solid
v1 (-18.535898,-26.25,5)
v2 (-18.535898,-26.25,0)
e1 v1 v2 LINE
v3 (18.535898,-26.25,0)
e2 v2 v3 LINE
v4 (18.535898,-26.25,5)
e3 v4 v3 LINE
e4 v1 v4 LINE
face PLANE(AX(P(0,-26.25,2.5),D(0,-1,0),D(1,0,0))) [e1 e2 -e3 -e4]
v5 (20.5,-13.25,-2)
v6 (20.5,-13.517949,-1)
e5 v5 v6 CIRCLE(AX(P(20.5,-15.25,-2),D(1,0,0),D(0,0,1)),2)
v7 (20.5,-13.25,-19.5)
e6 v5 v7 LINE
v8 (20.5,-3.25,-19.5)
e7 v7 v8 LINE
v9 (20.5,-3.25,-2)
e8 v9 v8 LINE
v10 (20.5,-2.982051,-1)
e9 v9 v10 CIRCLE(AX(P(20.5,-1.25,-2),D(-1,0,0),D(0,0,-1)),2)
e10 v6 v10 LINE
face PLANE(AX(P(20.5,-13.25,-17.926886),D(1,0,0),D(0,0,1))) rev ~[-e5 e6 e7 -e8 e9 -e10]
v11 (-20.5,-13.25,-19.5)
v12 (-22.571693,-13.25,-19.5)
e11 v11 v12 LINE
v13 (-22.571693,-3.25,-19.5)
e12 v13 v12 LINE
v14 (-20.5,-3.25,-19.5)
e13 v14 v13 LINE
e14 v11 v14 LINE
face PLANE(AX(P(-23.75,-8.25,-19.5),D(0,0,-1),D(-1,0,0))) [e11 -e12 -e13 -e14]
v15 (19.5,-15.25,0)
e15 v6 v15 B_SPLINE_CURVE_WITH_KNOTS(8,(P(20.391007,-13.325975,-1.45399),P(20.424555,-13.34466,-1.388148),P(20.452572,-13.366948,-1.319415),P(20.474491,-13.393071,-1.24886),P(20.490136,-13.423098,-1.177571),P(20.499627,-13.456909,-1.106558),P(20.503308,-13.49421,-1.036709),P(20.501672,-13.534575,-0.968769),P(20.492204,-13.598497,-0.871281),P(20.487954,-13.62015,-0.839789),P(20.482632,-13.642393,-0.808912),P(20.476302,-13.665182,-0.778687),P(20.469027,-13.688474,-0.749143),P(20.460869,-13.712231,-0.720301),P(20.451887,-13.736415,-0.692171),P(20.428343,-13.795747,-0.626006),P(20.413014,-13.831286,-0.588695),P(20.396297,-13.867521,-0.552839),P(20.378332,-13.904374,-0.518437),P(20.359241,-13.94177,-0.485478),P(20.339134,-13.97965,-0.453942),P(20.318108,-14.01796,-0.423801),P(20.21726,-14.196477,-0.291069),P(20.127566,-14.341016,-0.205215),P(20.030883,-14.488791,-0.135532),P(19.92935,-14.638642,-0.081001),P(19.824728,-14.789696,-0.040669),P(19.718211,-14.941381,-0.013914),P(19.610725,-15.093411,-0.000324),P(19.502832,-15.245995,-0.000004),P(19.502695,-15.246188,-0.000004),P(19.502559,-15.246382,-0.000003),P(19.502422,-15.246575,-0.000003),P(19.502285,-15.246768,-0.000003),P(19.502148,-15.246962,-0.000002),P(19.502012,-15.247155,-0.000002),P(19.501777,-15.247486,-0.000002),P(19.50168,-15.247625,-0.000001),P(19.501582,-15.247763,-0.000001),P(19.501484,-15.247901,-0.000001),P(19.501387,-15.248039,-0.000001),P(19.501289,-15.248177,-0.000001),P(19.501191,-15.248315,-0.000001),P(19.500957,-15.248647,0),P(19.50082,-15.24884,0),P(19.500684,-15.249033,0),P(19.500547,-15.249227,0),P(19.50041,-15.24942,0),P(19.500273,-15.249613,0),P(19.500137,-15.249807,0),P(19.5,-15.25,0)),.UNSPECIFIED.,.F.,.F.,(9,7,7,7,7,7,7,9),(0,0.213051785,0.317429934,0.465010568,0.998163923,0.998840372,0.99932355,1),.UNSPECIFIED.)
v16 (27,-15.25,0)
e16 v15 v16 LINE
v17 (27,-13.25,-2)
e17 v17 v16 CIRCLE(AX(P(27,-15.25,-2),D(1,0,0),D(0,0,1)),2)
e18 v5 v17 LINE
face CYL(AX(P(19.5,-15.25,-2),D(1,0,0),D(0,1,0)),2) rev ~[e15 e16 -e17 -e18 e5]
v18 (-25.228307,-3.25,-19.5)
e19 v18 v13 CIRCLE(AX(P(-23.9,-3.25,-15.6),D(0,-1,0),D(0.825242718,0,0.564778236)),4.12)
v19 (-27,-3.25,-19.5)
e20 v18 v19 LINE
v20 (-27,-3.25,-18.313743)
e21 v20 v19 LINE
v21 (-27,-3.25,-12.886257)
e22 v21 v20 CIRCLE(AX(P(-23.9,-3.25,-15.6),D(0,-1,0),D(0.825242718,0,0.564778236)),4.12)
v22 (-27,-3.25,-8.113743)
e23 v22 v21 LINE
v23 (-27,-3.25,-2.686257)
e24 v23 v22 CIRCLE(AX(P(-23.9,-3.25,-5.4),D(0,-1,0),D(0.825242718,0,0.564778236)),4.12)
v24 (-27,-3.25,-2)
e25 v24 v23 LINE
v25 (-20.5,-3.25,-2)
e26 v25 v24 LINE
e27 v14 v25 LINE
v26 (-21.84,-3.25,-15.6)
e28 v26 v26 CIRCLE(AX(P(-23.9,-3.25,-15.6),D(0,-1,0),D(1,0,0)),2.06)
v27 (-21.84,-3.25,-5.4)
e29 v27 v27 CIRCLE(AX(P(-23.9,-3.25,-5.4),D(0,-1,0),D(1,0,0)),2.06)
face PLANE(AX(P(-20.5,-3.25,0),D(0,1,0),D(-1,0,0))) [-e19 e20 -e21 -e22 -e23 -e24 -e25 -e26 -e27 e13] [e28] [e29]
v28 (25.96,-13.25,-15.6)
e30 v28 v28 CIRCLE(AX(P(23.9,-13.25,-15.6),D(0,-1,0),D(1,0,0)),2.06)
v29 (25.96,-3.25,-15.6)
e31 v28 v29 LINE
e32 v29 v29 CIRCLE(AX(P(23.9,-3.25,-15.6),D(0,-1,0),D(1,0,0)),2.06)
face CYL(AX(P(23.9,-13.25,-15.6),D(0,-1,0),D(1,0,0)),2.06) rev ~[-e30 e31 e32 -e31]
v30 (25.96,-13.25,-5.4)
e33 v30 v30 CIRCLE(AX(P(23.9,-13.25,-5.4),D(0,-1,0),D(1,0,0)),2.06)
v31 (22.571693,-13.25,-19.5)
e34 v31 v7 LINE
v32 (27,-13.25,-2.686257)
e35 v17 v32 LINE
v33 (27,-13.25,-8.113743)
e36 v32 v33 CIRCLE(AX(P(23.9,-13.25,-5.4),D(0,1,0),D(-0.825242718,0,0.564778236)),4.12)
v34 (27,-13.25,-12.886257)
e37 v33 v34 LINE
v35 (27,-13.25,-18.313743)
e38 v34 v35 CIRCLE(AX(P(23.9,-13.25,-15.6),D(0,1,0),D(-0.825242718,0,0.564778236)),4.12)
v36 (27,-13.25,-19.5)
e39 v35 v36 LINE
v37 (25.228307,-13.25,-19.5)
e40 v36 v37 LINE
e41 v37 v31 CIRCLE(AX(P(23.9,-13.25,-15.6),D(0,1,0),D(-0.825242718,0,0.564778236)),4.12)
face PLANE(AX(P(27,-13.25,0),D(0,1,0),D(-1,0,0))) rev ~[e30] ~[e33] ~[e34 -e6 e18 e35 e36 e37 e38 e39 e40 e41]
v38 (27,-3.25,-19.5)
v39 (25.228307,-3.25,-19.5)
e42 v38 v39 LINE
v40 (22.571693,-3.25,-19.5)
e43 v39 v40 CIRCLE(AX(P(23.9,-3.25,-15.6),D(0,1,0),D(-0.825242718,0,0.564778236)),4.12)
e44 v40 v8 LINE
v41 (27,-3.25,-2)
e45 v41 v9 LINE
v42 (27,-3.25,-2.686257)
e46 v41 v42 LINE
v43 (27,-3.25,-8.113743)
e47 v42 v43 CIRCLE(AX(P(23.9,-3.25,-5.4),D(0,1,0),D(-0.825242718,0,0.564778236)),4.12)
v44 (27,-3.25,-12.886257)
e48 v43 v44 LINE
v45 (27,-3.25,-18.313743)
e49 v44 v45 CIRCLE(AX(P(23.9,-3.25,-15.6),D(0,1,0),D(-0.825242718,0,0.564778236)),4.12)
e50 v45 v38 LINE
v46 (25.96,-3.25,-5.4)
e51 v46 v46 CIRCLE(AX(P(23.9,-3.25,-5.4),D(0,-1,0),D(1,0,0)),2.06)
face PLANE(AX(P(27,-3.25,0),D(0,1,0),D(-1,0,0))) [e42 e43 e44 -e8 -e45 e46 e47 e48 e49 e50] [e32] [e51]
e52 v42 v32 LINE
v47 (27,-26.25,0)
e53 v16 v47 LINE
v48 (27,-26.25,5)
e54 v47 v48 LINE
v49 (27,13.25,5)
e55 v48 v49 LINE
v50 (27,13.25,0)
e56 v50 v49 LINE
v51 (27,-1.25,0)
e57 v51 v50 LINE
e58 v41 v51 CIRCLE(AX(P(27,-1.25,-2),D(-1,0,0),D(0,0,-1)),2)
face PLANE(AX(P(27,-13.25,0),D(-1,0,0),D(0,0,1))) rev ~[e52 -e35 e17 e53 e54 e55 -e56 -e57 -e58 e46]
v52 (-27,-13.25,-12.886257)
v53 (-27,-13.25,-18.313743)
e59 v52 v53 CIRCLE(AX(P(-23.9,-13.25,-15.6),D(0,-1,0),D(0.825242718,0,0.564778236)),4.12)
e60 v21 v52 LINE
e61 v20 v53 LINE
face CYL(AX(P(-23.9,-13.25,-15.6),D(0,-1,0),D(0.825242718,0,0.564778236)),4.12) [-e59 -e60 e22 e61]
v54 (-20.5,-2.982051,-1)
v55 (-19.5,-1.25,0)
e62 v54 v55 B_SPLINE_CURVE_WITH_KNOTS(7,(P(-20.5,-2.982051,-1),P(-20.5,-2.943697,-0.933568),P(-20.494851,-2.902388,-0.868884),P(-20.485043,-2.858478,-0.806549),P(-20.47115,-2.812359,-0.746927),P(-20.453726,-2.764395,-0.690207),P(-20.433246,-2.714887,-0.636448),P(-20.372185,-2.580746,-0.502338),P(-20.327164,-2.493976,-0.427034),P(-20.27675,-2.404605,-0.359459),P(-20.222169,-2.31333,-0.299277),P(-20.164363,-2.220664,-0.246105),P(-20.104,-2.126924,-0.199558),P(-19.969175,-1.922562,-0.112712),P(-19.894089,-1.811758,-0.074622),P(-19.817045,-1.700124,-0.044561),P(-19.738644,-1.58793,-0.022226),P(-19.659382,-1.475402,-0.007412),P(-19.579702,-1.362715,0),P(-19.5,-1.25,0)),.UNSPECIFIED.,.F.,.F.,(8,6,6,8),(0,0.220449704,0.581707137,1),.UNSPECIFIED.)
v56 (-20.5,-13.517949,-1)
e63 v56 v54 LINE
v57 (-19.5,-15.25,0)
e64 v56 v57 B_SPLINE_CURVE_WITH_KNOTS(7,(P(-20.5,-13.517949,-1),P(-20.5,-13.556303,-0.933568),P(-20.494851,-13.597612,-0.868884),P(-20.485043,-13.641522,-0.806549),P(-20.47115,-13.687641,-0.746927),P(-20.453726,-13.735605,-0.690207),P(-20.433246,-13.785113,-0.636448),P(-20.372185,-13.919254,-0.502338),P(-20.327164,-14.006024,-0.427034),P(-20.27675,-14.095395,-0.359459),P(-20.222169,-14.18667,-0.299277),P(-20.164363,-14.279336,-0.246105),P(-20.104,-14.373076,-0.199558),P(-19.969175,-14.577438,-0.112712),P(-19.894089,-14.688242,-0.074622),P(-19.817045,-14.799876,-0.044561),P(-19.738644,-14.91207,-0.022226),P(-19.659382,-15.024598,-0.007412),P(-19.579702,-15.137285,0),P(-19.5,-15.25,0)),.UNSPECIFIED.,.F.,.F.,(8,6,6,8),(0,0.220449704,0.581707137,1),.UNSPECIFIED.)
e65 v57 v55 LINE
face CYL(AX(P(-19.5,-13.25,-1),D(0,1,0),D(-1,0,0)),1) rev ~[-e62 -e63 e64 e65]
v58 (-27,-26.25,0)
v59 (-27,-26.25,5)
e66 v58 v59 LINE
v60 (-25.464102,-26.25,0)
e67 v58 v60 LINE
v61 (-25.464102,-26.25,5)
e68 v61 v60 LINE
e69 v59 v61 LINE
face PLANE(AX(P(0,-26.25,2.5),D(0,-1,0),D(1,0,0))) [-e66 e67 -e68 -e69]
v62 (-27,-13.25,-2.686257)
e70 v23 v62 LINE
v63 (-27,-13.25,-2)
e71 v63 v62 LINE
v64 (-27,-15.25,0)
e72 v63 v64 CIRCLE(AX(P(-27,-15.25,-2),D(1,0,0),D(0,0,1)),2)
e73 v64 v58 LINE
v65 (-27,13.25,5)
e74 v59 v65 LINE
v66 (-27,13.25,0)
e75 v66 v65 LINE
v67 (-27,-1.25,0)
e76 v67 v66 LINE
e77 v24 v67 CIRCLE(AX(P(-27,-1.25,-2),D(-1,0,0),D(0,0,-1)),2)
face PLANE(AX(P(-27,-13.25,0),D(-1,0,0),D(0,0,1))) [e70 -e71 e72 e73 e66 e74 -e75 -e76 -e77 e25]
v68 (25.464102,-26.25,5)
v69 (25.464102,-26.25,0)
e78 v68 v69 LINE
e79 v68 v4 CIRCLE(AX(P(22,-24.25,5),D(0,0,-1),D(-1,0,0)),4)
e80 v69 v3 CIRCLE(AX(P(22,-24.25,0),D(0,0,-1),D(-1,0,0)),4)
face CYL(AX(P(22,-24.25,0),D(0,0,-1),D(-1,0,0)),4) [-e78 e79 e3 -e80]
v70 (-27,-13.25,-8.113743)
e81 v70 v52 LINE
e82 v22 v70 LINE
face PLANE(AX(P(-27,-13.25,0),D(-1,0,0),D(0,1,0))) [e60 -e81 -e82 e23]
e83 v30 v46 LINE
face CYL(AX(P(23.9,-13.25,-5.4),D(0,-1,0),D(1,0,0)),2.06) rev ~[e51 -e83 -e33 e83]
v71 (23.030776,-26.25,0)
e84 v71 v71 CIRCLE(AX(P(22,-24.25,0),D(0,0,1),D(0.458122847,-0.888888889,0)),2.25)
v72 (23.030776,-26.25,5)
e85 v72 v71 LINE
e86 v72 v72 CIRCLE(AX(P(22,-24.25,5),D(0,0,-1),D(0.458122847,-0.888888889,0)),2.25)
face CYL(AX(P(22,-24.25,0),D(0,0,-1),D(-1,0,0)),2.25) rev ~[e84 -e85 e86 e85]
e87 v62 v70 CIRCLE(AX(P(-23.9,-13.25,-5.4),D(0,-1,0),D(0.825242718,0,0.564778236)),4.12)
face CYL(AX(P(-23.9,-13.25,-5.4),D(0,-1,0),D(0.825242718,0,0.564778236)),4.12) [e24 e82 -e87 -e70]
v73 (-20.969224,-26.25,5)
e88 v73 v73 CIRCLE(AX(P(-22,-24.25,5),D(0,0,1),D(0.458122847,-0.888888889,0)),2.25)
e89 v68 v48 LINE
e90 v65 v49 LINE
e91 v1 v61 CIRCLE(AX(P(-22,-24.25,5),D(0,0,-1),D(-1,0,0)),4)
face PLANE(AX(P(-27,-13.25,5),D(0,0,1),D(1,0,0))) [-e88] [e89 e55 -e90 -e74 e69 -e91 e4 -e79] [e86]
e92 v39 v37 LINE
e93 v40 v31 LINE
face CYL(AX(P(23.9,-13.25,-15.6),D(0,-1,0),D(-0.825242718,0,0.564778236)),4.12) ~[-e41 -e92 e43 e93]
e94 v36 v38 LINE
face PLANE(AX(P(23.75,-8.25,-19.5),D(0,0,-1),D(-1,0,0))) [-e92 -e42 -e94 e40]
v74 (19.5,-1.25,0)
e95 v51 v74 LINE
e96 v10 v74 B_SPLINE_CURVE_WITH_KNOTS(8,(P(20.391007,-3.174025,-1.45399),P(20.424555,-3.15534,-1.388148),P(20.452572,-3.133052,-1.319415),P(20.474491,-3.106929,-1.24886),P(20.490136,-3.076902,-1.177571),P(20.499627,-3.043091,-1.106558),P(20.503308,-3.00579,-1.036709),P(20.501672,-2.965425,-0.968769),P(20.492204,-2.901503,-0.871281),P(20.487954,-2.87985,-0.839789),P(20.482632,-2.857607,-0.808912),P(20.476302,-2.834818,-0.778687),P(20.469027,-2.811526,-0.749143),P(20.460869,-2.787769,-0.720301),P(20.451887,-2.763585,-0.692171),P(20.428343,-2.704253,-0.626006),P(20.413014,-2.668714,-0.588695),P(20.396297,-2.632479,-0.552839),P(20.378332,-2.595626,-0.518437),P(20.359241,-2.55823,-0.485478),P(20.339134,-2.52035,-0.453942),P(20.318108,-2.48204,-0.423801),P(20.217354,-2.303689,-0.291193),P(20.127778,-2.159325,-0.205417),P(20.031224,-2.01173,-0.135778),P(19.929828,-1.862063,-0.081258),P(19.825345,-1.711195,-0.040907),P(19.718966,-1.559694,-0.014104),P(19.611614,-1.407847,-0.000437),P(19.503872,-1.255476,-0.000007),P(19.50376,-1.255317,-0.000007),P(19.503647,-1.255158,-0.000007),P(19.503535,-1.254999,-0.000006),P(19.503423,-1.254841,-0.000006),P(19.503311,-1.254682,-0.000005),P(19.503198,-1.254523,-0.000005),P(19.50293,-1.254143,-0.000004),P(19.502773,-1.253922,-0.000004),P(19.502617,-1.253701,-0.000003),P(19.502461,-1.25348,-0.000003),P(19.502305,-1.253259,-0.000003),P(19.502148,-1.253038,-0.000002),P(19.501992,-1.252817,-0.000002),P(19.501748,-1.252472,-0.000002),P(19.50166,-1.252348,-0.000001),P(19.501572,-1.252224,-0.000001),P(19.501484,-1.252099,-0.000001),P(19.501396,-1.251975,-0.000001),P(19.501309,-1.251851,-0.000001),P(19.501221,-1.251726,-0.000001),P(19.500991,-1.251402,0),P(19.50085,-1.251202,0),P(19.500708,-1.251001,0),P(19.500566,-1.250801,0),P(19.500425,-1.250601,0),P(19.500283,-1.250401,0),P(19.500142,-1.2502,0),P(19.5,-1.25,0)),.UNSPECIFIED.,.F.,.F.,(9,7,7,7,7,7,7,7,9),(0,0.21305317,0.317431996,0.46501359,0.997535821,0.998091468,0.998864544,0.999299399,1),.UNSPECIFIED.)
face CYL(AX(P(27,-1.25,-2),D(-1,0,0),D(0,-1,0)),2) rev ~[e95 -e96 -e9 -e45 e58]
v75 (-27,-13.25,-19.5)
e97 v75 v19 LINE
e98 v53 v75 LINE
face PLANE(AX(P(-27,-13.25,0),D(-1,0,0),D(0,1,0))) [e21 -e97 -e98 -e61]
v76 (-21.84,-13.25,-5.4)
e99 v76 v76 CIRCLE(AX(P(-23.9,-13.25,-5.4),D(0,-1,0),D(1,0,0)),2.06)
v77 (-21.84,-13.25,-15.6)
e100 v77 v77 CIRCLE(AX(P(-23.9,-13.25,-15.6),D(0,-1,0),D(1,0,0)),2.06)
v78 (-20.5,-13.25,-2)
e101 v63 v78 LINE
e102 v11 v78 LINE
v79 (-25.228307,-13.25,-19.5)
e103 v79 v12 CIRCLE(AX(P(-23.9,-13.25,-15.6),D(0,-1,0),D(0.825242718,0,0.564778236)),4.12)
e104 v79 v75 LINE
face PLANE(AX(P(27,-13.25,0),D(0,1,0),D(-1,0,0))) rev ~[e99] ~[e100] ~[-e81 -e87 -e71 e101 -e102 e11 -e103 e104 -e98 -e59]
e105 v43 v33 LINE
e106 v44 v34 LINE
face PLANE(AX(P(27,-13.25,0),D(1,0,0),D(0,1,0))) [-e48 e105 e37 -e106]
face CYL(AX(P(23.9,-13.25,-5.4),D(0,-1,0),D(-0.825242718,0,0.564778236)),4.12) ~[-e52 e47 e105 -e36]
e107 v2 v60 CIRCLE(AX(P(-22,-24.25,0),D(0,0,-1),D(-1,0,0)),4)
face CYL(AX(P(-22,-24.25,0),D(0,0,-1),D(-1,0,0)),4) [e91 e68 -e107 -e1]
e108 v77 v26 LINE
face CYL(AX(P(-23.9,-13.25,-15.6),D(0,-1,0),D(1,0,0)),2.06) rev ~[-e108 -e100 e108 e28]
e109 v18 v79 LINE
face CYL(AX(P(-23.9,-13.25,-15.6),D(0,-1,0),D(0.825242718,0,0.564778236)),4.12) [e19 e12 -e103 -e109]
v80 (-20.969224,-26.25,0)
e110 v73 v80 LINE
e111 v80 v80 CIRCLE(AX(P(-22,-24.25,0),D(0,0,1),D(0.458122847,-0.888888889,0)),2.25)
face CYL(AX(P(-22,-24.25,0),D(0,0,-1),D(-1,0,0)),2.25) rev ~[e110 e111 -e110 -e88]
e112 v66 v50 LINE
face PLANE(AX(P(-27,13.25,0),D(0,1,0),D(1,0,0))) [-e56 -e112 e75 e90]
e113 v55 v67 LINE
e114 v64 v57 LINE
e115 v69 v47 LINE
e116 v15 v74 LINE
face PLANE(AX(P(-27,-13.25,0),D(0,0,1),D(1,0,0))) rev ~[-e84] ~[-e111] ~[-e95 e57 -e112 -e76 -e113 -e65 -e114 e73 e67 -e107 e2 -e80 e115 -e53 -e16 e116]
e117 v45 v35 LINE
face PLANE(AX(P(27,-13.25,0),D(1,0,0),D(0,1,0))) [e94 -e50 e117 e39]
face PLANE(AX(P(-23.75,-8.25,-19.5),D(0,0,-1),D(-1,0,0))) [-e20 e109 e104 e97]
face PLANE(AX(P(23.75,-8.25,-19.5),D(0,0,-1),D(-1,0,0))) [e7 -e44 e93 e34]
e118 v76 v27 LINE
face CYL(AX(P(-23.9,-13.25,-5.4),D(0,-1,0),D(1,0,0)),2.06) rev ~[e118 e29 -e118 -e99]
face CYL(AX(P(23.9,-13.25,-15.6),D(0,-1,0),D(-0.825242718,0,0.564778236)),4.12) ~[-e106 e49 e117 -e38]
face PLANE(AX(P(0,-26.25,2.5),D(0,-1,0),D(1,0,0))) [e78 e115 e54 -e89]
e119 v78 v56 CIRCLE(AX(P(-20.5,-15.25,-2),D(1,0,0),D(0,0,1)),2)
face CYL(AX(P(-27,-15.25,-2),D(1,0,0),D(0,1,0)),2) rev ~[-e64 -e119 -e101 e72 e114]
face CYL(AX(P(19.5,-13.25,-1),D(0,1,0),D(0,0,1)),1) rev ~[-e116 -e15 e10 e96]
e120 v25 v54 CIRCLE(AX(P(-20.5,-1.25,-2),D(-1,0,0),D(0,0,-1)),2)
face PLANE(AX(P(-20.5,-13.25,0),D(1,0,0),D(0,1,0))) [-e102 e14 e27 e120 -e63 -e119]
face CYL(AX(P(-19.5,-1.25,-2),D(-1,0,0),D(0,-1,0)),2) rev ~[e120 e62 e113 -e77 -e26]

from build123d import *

# Parameters (mm, degrees)
SKETCH1_W           = 54
SKETCH1_H           = 26.5
BOSS_EXTRUDE1_DEPTH = 5
SKETCH2_W           = 6.5
SKETCH2_H           = 10
BOSS_EXTRUDE2_DEPTH = 19.5
SKETCH3_R           = 2.06
CUT_EXTRUDE1_DEPTH  = 19
SKETCH4_R           = 2.06
BOSS_EXTRUDE3_DEPTH = 10
FILLET1_R           = 1
FILLET2_R           = 2
SKETCH5_W           = 54
SKETCH5_H           = 5
BOSS_EXTRUDE4_DEPTH = 13
SKETCH6_R           = 2.25
CUT_EXTRUDE2_DEPTH  = 15
FILLET3_R           = 2
SKETCH7_R           = 4
SKETCH7_R_2         = 2.25
BOSS_EXTRUDE5_DEPTH = 5


with BuildPart() as part:
    # Sketch1 → Boss-Extrude1 (new body)
    with BuildSketch(Plane.XY):
        Rectangle(SKETCH1_W, SKETCH1_H)
    extrude(amount=BOSS_EXTRUDE1_DEPTH)

    # Sketch2 → Boss-Extrude2 (add)
    with BuildSketch(Plane(origin=(0, 0, 0), x_dir=(-1, 0, 0), z_dir=(0, 0, -1))):
        with Locations((-23.75, -8.25)):
            Rectangle(SKETCH2_W, SKETCH2_H)
        with Locations((23.75, -8.25)):
            Rectangle(SKETCH2_W, SKETCH2_H)
    extrude(amount=BOSS_EXTRUDE2_DEPTH)

    # Sketch3 → Cut-Extrude1 (cut)
    with BuildSketch(Plane.XZ.offset(13.25)):
        with Locations((23.9, -15.6)):
            Circle(SKETCH3_R)
        with Locations((-23.9, -5.4)):
            Circle(SKETCH3_R)
        with Locations((23.9, -5.4)):
            Circle(SKETCH3_R)
        with Locations((-23.9, -15.6)):
            Circle(SKETCH3_R)
    extrude(amount=-CUT_EXTRUDE1_DEPTH, mode=Mode.SUBTRACT)

    # Sketch4 → Boss-Extrude3 (add)
    with BuildSketch(Plane.XZ.offset(13.25)):
        with BuildLine():
            Line((20.5, -17.926886332), (20.5, -13.273113668))
            ThreePointArc((20.5, -13.273113668), (28.02, -15.6), (20.5, -17.926886332))
        make_face()
        with Locations((23.9, -15.6)):
            Circle(SKETCH4_R, mode=Mode.SUBTRACT)
        with BuildLine():
            Line((20.5, -7.726886332), (20.5, -3.073113668))
            ThreePointArc((20.5, -3.073113668), (28.02, -5.4), (20.5, -7.726886332))
        make_face()
        with Locations((23.9, -5.4)):
            Circle(SKETCH4_R, mode=Mode.SUBTRACT)
        with BuildLine():
            Line((-20.5, -7.726886332), (-20.5, -3.073113668))
            ThreePointArc((-20.5, -3.073113668), (-28.02, -5.4), (-20.5, -7.726886332))
        make_face()
        with Locations((-23.9, -5.4)):
            Circle(SKETCH4_R, mode=Mode.SUBTRACT)
        with BuildLine():
            Line((-20.5, -17.926886332), (-20.5, -13.273113668))
            ThreePointArc((-20.5, -13.273113668), (-28.02, -15.6), (-20.5, -17.926886332))
        make_face()
        with Locations((-23.9, -15.6)):
            Circle(SKETCH4_R, mode=Mode.SUBTRACT)
    extrude(amount=-BOSS_EXTRUDE3_DEPTH)

    # Fillet1
    fillet1_edges = [part.edges().sort_by_distance(p)[0] for p in [
        (20.5, -8.25, 0),
        (-20.5, -8.25, 0),
    ]]
    fillet(fillet1_edges, radius=FILLET1_R)

    # Fillet2
    fillet2_edges = [part.edges().sort_by_distance(p)[0] for p in [
        (23.75, -3.25, 0),
        (-23.75, -3.25, 0),
    ]]
    fillet(fillet2_edges, radius=FILLET2_R)

    # Sketch5 → Boss-Extrude4 (add)
    with BuildSketch(Plane.XZ.offset(13.25)):
        with Locations((0, 2.5)):
            Rectangle(SKETCH5_W, SKETCH5_H)
    extrude(amount=BOSS_EXTRUDE4_DEPTH)

    # Sketch6 → Cut-Extrude2 (cut)
    with BuildSketch(Plane(origin=(0, 0, 0), x_dir=(-1, 0, 0), z_dir=(0, 0, -1))):
        with Locations((22, -24.25)):
            Circle(SKETCH6_R)
        with Locations((-22, -24.25)):
            Circle(SKETCH6_R)
    extrude(amount=-CUT_EXTRUDE2_DEPTH, mode=Mode.SUBTRACT)

    # Fillet3
    fillet3_edges = [part.edges().sort_by_distance(p)[0] for p in [
        (23.25, -13.25, 0),
        (-23.25, -13.25, 0),
    ]]
    fillet(fillet3_edges, radius=FILLET3_R)

    # Sketch7 → Boss-Extrude5 (add)
    with BuildSketch(Plane(origin=(0, 0, 0), x_dir=(-1, 0, 0), z_dir=(0, 0, -1))):
        with Locations((22, -24.25)):
            Circle(SKETCH7_R)
        with Locations((22, -24.25)):
            Circle(SKETCH7_R_2, mode=Mode.SUBTRACT)
        with Locations((-22, -24.25)):
            Circle(SKETCH7_R)
        with Locations((-22, -24.25)):
            Circle(SKETCH7_R_2, mode=Mode.SUBTRACT)
    extrude(amount=-BOSS_EXTRUDE5_DEPTH)


solid = part.part
